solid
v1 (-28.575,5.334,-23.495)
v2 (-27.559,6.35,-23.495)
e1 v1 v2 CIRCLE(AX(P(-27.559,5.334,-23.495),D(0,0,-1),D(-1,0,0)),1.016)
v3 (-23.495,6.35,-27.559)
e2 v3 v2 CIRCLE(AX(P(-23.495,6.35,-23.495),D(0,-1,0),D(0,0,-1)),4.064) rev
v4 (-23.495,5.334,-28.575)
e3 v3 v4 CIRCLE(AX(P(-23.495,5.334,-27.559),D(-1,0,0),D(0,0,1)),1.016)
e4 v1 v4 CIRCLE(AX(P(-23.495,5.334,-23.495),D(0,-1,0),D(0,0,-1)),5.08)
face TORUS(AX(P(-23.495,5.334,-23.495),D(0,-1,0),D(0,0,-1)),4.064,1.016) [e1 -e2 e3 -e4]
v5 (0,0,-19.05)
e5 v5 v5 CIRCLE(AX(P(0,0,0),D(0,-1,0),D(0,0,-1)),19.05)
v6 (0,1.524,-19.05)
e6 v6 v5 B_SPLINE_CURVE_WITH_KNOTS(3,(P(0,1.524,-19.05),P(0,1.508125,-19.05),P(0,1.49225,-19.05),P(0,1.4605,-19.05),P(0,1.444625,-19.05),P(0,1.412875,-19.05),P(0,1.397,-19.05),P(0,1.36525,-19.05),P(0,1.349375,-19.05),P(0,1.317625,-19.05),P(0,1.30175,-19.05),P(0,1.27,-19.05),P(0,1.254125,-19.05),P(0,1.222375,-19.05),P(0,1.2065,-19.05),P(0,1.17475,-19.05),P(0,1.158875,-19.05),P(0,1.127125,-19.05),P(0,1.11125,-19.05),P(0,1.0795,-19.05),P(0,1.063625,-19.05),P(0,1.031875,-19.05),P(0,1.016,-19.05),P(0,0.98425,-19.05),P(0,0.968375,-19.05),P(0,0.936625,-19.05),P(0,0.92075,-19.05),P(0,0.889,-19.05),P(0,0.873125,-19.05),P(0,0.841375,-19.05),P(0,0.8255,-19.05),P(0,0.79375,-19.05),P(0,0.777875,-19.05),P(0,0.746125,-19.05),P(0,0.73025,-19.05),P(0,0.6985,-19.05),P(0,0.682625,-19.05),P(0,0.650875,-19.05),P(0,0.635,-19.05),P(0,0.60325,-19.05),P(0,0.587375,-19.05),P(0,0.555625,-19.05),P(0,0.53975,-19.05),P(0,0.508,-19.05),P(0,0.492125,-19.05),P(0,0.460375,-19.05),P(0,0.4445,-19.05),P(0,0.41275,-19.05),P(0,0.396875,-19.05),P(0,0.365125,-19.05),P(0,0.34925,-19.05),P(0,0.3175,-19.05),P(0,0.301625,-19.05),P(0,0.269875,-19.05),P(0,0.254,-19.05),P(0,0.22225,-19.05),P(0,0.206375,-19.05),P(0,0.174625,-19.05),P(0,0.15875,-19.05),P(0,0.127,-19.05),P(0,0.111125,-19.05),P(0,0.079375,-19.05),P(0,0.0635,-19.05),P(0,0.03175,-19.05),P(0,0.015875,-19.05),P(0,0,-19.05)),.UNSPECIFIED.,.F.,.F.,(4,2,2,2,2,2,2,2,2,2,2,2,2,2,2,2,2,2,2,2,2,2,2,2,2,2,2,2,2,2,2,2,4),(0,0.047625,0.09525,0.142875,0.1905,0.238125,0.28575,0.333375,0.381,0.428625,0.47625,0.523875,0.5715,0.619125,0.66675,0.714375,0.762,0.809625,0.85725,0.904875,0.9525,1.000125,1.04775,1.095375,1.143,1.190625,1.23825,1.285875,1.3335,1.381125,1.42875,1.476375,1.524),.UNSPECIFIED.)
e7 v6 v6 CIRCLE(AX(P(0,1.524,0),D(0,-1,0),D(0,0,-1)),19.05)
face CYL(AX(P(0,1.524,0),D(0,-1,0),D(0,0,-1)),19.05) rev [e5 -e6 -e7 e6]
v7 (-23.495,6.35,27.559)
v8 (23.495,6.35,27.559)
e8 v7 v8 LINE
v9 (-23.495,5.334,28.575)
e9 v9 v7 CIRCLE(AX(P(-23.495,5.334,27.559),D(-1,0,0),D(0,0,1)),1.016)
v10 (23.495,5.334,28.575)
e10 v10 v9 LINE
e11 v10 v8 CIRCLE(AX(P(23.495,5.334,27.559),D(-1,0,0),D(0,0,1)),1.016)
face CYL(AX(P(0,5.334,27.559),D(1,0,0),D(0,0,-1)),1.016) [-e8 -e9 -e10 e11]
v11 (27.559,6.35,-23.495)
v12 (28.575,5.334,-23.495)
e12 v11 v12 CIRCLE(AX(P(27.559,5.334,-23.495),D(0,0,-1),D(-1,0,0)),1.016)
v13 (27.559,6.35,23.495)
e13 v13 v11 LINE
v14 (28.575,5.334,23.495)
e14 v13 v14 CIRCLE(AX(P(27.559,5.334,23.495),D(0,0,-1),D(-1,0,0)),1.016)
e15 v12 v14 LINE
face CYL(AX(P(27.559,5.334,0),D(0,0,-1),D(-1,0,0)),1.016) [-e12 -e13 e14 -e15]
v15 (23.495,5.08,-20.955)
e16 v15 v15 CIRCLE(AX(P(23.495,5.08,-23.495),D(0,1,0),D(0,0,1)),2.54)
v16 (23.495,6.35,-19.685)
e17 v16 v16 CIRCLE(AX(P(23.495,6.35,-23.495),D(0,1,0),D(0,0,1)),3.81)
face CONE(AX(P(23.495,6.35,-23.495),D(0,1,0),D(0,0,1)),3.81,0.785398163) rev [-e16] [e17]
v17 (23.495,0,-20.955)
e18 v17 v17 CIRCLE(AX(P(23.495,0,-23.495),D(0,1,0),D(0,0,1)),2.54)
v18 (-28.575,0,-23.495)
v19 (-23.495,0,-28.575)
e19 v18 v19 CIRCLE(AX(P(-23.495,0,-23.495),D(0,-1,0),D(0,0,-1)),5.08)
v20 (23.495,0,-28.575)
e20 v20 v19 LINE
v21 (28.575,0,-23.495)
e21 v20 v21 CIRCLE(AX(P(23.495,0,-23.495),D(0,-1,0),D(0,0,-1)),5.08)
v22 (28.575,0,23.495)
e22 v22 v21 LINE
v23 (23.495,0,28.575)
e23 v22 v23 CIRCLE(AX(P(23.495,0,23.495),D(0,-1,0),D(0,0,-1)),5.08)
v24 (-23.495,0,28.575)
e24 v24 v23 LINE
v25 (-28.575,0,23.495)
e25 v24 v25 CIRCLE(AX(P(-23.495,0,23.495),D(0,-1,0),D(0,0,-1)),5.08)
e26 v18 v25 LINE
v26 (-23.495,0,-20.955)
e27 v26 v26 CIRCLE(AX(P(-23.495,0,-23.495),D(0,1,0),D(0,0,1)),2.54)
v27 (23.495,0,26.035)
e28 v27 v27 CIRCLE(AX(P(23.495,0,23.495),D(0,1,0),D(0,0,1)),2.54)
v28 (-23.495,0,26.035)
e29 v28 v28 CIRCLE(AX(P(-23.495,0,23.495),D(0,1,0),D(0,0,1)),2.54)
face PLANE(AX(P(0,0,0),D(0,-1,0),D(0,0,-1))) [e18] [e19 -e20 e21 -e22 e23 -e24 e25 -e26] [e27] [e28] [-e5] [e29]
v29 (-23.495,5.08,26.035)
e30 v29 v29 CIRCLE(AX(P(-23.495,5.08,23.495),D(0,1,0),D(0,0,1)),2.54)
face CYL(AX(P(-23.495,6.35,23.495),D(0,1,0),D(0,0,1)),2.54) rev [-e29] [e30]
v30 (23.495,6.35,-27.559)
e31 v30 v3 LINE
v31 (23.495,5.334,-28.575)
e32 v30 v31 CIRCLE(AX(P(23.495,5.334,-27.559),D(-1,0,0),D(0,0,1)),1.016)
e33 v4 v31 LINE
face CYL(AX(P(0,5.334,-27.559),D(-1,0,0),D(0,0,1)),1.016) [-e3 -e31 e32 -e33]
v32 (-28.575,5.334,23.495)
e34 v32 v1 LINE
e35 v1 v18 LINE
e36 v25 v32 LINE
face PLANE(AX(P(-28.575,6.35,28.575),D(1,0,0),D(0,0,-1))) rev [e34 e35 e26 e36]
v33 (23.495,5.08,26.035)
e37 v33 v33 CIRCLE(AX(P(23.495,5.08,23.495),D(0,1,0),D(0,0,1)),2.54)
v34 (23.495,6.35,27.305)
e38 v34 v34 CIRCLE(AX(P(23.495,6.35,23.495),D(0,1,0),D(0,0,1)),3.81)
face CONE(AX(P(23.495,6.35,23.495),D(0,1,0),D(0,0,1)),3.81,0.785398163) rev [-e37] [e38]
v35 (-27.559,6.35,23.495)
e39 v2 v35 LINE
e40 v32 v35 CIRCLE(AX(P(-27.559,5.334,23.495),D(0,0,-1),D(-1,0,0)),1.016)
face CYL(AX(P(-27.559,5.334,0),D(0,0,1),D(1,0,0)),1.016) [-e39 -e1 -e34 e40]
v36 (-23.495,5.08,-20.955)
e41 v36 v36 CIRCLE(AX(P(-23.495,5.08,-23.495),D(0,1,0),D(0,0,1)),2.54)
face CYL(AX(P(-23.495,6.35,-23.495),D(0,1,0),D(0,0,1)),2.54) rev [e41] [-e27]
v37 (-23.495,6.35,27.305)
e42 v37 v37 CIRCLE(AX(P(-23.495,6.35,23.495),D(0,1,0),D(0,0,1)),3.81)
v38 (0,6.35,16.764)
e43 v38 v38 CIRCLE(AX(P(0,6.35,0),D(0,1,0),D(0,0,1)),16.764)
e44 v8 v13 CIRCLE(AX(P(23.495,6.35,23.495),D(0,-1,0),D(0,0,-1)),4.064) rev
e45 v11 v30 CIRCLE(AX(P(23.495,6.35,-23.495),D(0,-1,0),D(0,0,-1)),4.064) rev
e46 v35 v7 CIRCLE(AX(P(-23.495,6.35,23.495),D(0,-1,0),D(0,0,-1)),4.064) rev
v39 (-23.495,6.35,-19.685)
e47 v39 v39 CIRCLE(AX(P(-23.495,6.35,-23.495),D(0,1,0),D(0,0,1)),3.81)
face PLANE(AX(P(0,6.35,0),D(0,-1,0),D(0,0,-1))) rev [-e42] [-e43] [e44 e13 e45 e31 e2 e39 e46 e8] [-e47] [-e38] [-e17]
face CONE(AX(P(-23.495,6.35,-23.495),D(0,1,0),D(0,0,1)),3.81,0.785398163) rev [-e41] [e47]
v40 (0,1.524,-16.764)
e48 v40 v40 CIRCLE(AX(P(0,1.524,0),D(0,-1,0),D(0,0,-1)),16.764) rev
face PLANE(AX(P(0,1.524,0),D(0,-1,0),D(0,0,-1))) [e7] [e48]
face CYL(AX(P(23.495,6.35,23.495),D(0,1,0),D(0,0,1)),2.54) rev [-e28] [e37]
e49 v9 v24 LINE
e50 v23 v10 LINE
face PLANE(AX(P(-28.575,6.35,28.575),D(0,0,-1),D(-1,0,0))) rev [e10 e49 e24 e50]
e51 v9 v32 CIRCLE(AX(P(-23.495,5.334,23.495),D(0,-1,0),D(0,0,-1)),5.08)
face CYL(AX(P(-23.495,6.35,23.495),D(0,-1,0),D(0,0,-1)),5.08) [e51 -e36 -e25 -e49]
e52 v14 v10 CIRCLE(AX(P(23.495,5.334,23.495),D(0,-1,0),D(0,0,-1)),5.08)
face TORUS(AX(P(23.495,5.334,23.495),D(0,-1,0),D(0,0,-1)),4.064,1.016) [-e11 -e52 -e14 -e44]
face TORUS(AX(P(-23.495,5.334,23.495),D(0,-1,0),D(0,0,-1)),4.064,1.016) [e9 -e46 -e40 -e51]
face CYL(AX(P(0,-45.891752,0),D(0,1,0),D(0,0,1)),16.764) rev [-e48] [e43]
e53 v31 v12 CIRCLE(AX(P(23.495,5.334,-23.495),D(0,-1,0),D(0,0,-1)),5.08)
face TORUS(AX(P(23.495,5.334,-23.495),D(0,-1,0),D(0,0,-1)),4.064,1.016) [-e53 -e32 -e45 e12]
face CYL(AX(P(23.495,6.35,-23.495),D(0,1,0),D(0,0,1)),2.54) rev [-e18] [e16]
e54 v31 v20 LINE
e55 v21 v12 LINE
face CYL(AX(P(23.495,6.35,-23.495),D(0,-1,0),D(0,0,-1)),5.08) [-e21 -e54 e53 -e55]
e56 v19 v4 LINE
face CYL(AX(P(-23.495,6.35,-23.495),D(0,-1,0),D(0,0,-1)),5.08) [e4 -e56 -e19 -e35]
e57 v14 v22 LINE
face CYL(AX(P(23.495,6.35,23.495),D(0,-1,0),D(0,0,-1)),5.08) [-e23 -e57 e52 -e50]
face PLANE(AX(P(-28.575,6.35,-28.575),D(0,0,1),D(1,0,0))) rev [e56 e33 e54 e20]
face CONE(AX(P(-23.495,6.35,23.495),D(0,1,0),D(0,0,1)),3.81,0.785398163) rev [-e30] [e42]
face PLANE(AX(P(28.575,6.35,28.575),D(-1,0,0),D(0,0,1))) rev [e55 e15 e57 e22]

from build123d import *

# Parameters (mm, degrees)
SKETCH1_W                                         = 57.15
SKETCH1_H                                         = 57.15
BOSS_EXTRUDE2_DEPTH                               = 6.35
FILLET1_R                                         = 5.08
SKETCH2_R                                         = 19.05
CUT_EXTRUDE1_DEPTH                                = 1.524
CSK_FOR_1_FLAT_HEAD_MACHINE_SCREW_100_D           = 5.08
CSK_FOR_1_FLAT_HEAD_MACHINE_SCREW_100_CSINK_D     = 7.62
CSK_FOR_1_FLAT_HEAD_MACHINE_SCREW_100_CSINK_ANGLE = 90
SKETCH14_R                                        = 3.175
CUT_EXTRUDE2_DEPTH                                = 4.826
FILLET2_R                                         = 1.016
SKETCH15_R                                        = 16.764
CUT_EXTRUDE4_DEPTH                                = 4.826


with BuildPart() as part:
    # Sketch1 → Boss-Extrude2 (new body)
    with BuildSketch(Plane(origin=(0, 0, 0), x_dir=(1, 0, 0), z_dir=(0, 1, 0))):
        Rectangle(SKETCH1_W, SKETCH1_H)
    extrude(amount=BOSS_EXTRUDE2_DEPTH)

    # Fillet1
    fillet1_edges = [part.edges().sort_by_distance(p)[0] for p in [
        (28.575, 3.175, 28.575),
        (-28.575, 3.175, 28.575),
        (-28.575, 3.175, -28.575),
        (28.575, 3.175, -28.575),
    ]]
    fillet(fillet1_edges, radius=FILLET1_R)

    # Sketch2 → Cut-Extrude1 (cut)
    with BuildSketch(Plane.XZ):
        with Locations(Location((0, 0, 0), (0, 0, 270))):
            Circle(SKETCH2_R)
    extrude(amount=-CUT_EXTRUDE1_DEPTH, mode=Mode.SUBTRACT)

    # CSK for #1 Flat Head Machine Screw (100)2 (through all)
    with Locations(Plane(origin=(0, 6.35, 0), x_dir=(1, 0, 0), z_dir=(0, 1, 0))):
        with Locations((-23.495, 23.495), (23.495, 23.495), (-23.495, -23.495), (23.495, -23.495)):
            CounterSinkHole(CSK_FOR_1_FLAT_HEAD_MACHINE_SCREW_100_D / 2, CSK_FOR_1_FLAT_HEAD_MACHINE_SCREW_100_CSINK_D / 2, counter_sink_angle=CSK_FOR_1_FLAT_HEAD_MACHINE_SCREW_100_CSINK_ANGLE)

    # Sketch14 → Cut-Extrude2 (cut)
    with BuildSketch(Plane(origin=(0, 6.35, 0), x_dir=(1, 0, 0), z_dir=(0, 1, 0))):
        with Locations(Location((0, 0, 0), (0, 0, 270))):
            Circle(SKETCH14_R)
    extrude(amount=-CUT_EXTRUDE2_DEPTH, mode=Mode.SUBTRACT)

    # Fillet2
    fillet2_edges = [part.edges().sort_by_distance(p)[0] for p in [
        (0, 6.35, 28.575),
        (-28.575, 6.35, 0),
        (28.575, 6.35, 0),
        (0, 6.35, -28.575),
        (-27.087102448, 6.35, -27.087102448),
        (27.087102448, 6.35, -27.087102448),
        (27.087102448, 6.35, 27.087102448),
        (-27.087102448, 6.35, 27.087102448),
    ]]
    fillet(fillet2_edges, radius=FILLET2_R)

    # Sketch15 → Cut-Extrude4 (cut)
    with BuildSketch(Plane(origin=(0, 6.35, 0), x_dir=(1, 0, 0), z_dir=(0, 1, 0))):
        with Locations(Location((0, 0, 0), (0, 0, 270))):
            Circle(SKETCH15_R)
    extrude(amount=-CUT_EXTRUDE4_DEPTH, mode=Mode.SUBTRACT)


solid = part.part
